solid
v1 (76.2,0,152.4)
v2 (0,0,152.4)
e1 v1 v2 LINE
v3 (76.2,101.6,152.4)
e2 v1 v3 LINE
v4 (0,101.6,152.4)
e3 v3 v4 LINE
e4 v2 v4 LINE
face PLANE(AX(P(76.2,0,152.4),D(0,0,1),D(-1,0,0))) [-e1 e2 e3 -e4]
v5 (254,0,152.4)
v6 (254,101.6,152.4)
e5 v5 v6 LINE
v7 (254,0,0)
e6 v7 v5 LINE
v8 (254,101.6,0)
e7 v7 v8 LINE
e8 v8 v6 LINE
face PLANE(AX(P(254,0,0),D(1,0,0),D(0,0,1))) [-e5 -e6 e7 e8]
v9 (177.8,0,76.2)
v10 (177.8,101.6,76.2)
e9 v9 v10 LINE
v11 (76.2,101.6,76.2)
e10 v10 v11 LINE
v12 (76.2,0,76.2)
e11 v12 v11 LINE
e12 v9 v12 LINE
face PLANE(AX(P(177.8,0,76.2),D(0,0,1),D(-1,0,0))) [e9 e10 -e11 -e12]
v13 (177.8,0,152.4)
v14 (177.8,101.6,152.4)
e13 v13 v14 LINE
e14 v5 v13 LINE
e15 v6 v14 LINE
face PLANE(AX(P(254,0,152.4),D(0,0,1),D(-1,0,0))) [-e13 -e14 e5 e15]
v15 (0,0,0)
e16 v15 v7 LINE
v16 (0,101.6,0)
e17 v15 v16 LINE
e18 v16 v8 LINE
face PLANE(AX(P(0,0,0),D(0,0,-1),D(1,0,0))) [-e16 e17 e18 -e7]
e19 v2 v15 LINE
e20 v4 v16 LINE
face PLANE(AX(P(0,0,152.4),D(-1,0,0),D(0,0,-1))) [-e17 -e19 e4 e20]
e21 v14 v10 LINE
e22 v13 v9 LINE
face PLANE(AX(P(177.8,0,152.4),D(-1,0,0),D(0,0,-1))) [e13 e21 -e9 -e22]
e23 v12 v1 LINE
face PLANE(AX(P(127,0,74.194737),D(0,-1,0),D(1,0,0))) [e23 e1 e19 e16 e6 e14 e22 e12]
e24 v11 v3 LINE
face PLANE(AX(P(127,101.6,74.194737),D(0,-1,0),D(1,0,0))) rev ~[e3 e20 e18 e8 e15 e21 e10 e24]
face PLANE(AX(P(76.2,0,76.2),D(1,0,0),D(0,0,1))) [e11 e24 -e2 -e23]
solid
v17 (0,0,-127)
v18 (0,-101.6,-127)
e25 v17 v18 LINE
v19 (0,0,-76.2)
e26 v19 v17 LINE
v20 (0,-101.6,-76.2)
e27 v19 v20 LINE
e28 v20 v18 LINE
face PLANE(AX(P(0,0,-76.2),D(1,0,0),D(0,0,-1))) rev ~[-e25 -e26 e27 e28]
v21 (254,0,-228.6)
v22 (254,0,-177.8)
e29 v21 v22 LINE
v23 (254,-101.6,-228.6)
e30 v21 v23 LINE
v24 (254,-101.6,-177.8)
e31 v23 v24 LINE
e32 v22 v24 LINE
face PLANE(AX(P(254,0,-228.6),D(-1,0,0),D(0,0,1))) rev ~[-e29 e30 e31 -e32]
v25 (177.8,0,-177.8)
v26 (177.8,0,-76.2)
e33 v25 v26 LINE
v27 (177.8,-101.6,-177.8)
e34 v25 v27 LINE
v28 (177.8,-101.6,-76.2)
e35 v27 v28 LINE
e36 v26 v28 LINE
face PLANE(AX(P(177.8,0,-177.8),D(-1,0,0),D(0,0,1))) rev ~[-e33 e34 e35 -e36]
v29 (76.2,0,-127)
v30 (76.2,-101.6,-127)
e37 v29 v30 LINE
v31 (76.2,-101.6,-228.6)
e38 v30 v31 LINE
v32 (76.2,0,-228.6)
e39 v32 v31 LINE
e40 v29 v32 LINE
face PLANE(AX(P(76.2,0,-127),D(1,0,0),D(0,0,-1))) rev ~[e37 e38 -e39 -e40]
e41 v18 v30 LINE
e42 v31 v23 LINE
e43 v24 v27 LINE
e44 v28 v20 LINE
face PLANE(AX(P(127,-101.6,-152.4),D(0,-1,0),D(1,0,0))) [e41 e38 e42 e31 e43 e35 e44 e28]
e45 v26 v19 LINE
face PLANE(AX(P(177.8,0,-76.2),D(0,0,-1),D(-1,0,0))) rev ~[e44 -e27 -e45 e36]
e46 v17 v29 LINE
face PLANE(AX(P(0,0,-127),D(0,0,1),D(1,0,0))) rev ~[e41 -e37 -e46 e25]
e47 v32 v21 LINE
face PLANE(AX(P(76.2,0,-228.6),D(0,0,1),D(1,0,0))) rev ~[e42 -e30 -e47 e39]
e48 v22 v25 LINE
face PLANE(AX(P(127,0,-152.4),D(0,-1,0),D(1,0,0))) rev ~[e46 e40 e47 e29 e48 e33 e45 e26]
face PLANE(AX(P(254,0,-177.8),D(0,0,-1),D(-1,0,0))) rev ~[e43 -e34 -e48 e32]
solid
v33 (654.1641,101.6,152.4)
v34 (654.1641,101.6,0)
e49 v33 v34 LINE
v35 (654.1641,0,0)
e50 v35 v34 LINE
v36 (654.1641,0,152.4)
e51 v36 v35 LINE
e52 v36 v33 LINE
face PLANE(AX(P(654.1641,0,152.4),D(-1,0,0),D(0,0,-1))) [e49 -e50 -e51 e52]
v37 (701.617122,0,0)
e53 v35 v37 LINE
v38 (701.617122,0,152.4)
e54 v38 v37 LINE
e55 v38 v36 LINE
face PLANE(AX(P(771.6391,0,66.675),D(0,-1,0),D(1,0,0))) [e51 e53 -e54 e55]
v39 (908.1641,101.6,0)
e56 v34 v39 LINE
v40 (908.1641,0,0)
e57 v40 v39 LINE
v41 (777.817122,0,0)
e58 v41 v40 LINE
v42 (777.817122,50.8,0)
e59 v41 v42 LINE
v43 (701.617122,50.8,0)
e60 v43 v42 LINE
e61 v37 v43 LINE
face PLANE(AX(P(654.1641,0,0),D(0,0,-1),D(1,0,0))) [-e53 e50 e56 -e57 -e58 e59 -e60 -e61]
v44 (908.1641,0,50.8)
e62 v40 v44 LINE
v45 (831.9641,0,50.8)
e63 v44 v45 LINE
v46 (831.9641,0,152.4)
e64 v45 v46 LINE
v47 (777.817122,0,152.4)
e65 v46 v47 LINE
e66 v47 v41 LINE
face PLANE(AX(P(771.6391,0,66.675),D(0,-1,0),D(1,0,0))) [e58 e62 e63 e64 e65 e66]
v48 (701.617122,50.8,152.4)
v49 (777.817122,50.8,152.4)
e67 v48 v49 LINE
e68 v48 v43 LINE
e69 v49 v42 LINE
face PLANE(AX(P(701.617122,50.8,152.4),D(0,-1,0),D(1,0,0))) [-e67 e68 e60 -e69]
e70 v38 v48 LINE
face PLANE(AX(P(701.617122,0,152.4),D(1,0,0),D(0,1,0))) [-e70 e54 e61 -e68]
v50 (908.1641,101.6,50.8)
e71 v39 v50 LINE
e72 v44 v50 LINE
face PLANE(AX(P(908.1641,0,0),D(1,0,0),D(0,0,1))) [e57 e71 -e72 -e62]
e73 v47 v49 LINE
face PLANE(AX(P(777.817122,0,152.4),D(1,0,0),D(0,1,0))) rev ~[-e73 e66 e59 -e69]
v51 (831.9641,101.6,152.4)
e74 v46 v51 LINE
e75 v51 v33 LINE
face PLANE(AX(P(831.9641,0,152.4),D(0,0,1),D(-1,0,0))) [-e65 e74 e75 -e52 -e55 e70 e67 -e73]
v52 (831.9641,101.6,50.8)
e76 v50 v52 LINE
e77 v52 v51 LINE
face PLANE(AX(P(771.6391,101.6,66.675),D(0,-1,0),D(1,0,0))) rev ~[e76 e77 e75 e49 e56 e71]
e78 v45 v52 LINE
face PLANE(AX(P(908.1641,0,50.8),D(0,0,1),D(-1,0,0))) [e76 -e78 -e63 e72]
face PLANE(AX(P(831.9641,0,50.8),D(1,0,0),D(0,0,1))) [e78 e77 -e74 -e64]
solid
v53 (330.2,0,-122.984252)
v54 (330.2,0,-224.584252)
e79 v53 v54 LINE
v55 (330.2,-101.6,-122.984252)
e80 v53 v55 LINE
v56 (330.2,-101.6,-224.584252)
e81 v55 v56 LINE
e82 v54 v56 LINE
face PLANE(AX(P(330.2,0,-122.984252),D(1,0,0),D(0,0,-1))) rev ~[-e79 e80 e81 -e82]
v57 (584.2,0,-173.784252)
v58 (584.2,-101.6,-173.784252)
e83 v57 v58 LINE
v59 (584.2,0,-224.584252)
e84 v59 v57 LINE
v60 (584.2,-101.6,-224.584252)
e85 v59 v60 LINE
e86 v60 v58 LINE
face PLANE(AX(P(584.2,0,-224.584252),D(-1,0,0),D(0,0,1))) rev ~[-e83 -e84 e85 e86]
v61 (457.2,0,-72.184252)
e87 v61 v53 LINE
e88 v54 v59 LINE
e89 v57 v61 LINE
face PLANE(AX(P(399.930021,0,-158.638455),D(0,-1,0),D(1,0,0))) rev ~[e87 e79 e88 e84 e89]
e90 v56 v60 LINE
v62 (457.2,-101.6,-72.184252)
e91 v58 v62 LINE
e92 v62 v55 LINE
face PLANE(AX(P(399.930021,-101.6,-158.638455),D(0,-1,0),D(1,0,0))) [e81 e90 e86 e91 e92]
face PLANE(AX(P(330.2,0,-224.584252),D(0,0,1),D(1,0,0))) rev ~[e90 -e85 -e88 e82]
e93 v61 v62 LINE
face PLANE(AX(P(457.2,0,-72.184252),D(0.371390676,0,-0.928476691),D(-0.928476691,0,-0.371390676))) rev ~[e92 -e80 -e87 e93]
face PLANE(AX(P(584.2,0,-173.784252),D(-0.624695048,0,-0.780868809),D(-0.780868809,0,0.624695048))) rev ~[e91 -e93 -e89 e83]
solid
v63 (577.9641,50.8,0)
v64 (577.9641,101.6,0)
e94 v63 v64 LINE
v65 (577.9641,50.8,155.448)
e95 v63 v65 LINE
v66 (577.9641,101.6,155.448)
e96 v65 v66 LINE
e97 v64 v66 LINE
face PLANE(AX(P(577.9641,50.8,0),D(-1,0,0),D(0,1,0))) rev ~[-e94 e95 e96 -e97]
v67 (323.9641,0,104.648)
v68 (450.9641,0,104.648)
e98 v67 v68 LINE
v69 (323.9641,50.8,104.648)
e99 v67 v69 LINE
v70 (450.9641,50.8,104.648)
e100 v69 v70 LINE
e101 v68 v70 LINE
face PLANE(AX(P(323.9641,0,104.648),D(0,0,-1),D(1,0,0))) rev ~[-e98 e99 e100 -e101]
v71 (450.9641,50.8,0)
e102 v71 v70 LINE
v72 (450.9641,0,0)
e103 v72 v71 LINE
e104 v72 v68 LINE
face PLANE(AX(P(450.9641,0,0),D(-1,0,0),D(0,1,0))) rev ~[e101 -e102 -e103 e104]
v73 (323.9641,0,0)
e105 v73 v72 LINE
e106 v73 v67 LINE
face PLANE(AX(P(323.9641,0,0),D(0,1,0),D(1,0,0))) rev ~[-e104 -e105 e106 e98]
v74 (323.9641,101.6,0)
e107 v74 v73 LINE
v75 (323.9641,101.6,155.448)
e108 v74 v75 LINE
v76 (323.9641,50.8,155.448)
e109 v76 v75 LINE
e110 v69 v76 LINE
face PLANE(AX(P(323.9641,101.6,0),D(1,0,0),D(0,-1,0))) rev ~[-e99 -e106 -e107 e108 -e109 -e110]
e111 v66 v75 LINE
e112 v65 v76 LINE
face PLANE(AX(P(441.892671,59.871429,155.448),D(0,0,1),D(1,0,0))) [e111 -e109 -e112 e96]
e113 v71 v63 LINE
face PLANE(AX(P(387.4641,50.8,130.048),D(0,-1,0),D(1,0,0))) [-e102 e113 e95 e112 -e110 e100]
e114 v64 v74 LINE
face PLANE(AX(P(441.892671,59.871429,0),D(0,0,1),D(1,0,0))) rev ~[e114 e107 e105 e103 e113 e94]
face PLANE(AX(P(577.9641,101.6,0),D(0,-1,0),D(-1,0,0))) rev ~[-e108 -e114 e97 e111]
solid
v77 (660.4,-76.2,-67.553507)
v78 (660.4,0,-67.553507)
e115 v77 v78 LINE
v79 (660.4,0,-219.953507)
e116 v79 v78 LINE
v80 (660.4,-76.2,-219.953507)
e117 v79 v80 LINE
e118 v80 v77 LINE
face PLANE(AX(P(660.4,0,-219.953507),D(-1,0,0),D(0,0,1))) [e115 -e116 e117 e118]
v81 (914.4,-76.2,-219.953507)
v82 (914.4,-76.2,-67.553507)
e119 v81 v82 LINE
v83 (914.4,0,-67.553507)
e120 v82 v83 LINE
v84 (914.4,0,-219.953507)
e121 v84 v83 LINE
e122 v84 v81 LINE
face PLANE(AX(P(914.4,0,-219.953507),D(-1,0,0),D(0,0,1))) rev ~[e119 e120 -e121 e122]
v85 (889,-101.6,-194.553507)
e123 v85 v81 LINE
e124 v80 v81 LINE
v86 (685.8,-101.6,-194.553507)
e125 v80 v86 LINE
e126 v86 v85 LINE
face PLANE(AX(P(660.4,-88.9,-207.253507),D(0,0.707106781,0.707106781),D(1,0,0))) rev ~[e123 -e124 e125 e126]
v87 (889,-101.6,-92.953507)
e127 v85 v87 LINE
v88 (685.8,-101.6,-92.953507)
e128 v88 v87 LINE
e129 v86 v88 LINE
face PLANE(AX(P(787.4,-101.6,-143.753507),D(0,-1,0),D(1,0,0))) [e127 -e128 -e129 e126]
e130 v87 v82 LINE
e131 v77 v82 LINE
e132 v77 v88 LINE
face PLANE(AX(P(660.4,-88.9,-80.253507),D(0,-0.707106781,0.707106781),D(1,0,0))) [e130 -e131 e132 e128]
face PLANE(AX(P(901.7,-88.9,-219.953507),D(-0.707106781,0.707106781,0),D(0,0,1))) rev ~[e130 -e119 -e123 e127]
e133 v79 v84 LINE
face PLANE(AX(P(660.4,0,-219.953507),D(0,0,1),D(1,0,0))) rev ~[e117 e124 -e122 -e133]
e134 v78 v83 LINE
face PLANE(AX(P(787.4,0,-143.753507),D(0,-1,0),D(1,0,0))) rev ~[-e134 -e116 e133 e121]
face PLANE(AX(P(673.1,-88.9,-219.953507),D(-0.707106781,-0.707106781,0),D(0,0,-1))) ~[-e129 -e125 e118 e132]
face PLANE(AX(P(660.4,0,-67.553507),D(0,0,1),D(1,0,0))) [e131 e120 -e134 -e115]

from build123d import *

# Parameters (mm, degrees)
F1_DEPTH   = 101.6
F3_DEPTH   = 155.448
F4_W       = 127
F4_H       = 35.615544
F5_DEPTH   = 50.8
F6_W       = 127
F6_H       = 50.8
F7_DEPTH   = 50.8
F9_DEPTH   = 101.6
F10_W      = 76.2
F10_H      = 50.8
F11_DEPTH  = 152.4
F13_DEPTH  = 101.6
F15_DEPTH  = 101.6
F16_W      = 254
F16_H      = 152.4
F17_DEPTH  = 101.6
F17_FACE_W = 254
F17_FACE_H = 152.4
F18_DEPTH  = 25.4
F19_SIZE   = 25.4


with BuildPart() as f1:
    # F0 (on Front) → F1 (new body)
    with BuildSketch(Plane.XZ):
        Polygon((0, 152.4), (0, 0), (254, 0), (254, 152.4), (177.8, 152.4), (177.8, 76.2), (76.2, 76.2), (76.2, 152.4), align=None)
    extrude(amount=-F1_DEPTH)


with BuildPart() as f3:
    # F2 (on Top) → F3 (new body)
    with BuildSketch(Plane.XY):
        Polygon((323.9641, 101.6), (323.9641, 0), (450.9641, 0), (450.9641, 50.8), (577.9641, 50.8), (577.9641, 101.6), align=None)
    extrude(amount=F3_DEPTH)

    # F4 (on face) → F5 (join)
    with BuildSketch(Plane.XZ):
        with Locations((387.4641, 137.640228)):
            Rectangle(F4_W, F4_H)
    extrude(amount=-F5_DEPTH)

    # F6 (on face) → F7 (cut)
    with BuildSketch(Plane.XZ):
        with Locations((387.4641, 130.048)):
            Rectangle(F6_W, F6_H)
    extrude(amount=-F7_DEPTH, mode=Mode.SUBTRACT)


with BuildPart() as f9:
    # F8 (on Front) → F9 (new body)
    with BuildSketch(Plane.XZ):
        Polygon((654.1641, 152.4), (654.1641, 0), (908.1641, 0), (908.1641, 50.8), (831.9641, 50.8), (831.9641, 152.4), align=None)
    extrude(amount=-F9_DEPTH)

    # F10 (on face) → F11 (cut)
    with BuildSketch(Plane.XY.offset(152.4)):
        with Locations((739.717122, 25.4)):
            Rectangle(F10_W, F10_H)
    extrude(amount=-F11_DEPTH, mode=Mode.SUBTRACT)


with BuildPart() as f13:
    # F12 (on Front) → F13 (new body)
    with BuildSketch(Plane.XZ):
        Polygon((177.8, -76.2), (0, -76.2), (0, -127), (76.2, -127), (76.2, -228.6), (254, -228.6), (254, -177.8), (177.8, -177.8), align=None)
    extrude(amount=F13_DEPTH)


with BuildPart() as f15:
    # F14 (on Front) → F15 (new body)
    with BuildSketch(Plane.XZ):
        Polygon((330.2, -122.984252), (330.2, -224.584252), (457.2, -224.584252), (457.2, -72.184252), align=None)
        Polygon((457.2, -72.184252), (457.2, -224.584252), (584.2, -224.584252), (584.2, -173.784252), align=None)
    extrude(amount=F15_DEPTH)


with BuildPart() as f17:
    # F16 (on Front) → F17 (new body)
    with BuildSketch(Plane.XZ):
        with Locations((787.4, -143.753507)):
            Rectangle(F16_W, F16_H)
    extrude(amount=F17_DEPTH)

    # F17_face (on face) → F18 (join)
    with BuildSketch(Plane(origin=(787.4, -101.6, -143.753507), x_dir=(1, 0, 0), z_dir=(0, -1, 0))):
        Rectangle(F17_FACE_W, F17_FACE_H)
    extrude(amount=-F18_DEPTH)

    # F19
    f19_edges = [f17.edges().sort_by_distance(p)[0] for p in [
        (660.4, -101.6, -143.753507),
        (787.4, -101.6, -219.953507),
        (914.4, -101.6, -143.753507),
        (787.4, -101.6, -67.553507),
    ]]
    chamfer(f19_edges, length=F19_SIZE)


solid = Compound([f1.part, f3.part, f9.part, f13.part, f15.part, f17.part])
